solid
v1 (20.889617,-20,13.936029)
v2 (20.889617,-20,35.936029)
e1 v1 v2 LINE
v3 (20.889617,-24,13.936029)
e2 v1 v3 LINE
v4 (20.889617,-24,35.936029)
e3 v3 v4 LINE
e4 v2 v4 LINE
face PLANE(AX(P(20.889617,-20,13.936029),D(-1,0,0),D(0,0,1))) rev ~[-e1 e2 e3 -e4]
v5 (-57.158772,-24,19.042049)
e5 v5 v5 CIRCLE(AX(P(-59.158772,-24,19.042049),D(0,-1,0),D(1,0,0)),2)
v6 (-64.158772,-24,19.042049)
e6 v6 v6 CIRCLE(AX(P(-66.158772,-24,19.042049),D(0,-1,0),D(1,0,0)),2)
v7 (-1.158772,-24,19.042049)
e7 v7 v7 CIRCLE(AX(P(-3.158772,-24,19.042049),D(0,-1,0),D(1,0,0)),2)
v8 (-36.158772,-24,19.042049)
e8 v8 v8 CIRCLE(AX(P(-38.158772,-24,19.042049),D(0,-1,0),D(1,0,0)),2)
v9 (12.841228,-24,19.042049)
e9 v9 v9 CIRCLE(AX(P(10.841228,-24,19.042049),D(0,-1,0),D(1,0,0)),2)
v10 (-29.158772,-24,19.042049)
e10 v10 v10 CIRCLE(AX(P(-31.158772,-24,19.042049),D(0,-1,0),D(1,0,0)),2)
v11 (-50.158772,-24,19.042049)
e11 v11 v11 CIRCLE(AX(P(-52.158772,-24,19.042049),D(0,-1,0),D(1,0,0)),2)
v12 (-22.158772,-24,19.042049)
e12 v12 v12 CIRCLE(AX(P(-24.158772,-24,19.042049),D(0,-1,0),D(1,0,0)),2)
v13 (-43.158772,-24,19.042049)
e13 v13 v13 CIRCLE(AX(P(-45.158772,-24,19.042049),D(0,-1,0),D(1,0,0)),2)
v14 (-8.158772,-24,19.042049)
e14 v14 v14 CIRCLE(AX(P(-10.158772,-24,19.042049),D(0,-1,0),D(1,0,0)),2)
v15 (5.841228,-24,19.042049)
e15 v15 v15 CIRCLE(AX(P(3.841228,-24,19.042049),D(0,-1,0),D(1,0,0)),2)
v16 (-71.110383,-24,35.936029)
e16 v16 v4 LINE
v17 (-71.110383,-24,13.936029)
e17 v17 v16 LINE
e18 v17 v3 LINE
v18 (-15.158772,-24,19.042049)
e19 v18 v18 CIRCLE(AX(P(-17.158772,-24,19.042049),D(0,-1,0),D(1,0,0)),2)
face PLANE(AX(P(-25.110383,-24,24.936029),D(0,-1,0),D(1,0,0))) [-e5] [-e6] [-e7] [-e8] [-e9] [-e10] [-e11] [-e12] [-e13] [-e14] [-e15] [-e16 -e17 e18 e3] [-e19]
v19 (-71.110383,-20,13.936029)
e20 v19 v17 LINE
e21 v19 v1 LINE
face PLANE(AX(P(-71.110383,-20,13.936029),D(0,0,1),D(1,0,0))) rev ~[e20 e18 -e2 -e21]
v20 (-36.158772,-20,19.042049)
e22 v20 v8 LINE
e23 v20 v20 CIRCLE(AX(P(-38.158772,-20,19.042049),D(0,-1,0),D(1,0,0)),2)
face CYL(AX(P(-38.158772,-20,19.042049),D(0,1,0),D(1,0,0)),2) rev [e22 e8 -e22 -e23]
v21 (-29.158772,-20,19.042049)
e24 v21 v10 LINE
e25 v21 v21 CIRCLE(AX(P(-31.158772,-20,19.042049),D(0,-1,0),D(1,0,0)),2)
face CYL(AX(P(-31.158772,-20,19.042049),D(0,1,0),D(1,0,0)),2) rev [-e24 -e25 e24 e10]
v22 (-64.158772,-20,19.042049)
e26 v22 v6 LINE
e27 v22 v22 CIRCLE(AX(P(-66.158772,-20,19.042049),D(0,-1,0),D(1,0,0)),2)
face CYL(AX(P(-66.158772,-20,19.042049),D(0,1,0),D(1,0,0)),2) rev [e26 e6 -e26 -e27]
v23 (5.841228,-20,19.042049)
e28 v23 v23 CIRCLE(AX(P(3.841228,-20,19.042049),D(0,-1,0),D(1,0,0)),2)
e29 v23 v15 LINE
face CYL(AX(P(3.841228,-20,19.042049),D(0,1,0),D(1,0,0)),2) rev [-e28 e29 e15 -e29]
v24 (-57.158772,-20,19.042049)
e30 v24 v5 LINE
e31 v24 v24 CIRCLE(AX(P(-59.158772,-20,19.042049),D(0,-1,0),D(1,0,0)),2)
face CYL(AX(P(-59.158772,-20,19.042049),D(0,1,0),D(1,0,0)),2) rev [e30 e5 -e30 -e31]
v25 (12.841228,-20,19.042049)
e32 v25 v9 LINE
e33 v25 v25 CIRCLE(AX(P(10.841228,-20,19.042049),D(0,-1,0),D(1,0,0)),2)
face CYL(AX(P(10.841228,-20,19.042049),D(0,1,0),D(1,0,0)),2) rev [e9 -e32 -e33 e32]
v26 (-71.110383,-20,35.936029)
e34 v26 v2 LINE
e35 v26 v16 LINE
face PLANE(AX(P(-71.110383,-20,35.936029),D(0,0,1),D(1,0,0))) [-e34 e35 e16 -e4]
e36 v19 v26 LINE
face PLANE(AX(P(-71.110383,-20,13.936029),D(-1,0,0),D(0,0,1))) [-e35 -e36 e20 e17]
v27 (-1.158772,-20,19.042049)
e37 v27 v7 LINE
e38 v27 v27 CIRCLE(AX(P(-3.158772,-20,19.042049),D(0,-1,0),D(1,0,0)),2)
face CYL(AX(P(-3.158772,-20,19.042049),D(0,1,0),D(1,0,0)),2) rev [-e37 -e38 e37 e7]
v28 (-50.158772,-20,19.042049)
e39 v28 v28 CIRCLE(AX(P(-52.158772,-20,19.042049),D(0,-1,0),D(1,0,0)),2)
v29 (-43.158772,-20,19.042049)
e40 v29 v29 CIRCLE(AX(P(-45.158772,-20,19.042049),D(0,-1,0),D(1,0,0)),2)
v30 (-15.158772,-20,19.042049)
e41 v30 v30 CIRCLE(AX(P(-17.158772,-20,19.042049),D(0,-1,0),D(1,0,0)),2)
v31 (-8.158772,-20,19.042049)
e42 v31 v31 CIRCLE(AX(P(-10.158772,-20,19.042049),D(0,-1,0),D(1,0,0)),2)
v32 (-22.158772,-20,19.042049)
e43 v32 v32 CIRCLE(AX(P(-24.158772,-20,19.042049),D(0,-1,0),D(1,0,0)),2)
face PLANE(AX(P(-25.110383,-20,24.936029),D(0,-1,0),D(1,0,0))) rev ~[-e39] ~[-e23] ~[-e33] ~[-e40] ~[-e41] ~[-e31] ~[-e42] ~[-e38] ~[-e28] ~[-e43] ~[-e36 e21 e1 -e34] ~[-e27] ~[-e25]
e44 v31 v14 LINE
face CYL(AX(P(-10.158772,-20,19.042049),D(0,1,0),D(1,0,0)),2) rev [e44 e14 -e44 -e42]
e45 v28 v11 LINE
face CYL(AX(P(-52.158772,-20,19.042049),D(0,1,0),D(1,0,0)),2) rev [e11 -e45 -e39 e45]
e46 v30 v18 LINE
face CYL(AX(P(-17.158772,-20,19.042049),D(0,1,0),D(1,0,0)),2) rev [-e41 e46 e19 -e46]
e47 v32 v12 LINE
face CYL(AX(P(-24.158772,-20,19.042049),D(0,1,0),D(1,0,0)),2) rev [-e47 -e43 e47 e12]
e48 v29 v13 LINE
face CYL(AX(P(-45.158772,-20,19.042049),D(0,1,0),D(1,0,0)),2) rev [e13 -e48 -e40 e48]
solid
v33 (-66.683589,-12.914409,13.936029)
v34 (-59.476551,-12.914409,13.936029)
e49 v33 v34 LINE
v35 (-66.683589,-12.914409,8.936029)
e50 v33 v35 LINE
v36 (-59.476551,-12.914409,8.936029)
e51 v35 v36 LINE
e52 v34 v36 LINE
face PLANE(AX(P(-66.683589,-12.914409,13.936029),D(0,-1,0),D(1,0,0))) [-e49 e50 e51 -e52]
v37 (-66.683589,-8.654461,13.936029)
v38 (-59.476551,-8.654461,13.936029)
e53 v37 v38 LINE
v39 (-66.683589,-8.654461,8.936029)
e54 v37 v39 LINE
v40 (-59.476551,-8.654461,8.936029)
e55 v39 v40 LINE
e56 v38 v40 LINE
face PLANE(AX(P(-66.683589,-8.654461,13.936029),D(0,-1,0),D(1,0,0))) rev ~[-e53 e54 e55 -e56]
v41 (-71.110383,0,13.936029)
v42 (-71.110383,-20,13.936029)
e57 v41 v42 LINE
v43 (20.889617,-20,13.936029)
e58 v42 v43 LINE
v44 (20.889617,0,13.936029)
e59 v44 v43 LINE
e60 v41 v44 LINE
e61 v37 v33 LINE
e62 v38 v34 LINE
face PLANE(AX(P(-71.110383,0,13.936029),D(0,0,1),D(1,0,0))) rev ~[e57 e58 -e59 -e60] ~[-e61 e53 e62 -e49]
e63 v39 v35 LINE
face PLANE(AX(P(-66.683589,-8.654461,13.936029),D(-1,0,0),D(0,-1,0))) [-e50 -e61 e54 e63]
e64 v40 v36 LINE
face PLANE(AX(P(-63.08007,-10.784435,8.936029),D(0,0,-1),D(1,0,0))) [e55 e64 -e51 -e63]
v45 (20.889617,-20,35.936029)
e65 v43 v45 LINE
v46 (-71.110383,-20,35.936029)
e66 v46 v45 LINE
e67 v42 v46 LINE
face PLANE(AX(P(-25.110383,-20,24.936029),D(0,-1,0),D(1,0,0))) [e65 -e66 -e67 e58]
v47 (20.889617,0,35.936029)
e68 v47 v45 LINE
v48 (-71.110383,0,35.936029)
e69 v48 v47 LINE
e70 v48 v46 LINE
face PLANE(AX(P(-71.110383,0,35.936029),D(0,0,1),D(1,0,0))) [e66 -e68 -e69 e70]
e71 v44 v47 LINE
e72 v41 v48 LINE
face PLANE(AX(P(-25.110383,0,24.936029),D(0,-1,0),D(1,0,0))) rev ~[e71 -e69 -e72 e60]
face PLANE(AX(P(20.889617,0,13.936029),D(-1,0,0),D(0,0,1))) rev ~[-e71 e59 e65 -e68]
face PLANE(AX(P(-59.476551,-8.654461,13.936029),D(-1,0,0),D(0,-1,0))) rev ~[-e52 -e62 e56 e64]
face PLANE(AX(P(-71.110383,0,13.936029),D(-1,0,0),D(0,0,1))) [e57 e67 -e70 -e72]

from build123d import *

# Parameters (mm, degrees)
F0_W     = 92
F0_H     = 22
F1_DEPTH = 20
F2_W     = 92
F2_H     = 22
F2_R     = 2
F3_DEPTH = 4
F4_W     = 7.207039
F4_H     = 4.259948
F5_DEPTH = 5


with BuildPart() as f1:
    # F0 (on Front) → F1 (new body)
    with BuildSketch(Plane.XZ):
        with Locations((-25.110383, 24.936029)):
            Rectangle(F0_W, F0_H)
    extrude(amount=F1_DEPTH)

    # F4 (on face) → F5 (join)
    with BuildSketch(Plane(origin=(0, 0, 13.936029), x_dir=(1, 0, 0), z_dir=(0, 0, -1))):
        with Locations((-63.08007, 10.784435)):
            Rectangle(F4_W, F4_H)
    extrude(amount=F5_DEPTH)


with BuildPart() as f3:
    # F2 (on face) → F3 (new body)
    with BuildSketch(Plane.XZ.offset(20)):
        with Locations((-25.110383, 24.936029)):
            Rectangle(F2_W, F2_H)
        with Locations((-66.158772, 19.042049)):
            Circle(F2_R, mode=Mode.SUBTRACT)
        with Locations((-59.158772, 19.042049)):
            Circle(F2_R, mode=Mode.SUBTRACT)
        with Locations((-52.158772, 19.042049)):
            Circle(F2_R, mode=Mode.SUBTRACT)
        with Locations((-45.158772, 19.042049)):
            Circle(F2_R, mode=Mode.SUBTRACT)
        with Locations((-38.158772, 19.042049)):
            Circle(F2_R, mode=Mode.SUBTRACT)
        with Locations((-31.158772, 19.042049)):
            Circle(F2_R, mode=Mode.SUBTRACT)
        with Locations((-24.158772, 19.042049)):
            Circle(F2_R, mode=Mode.SUBTRACT)
        with Locations((-17.158772, 19.042049)):
            Circle(F2_R, mode=Mode.SUBTRACT)
        with Locations((-10.158772, 19.042049)):
            Circle(F2_R, mode=Mode.SUBTRACT)
        with Locations((-3.158772, 19.042049)):
            Circle(F2_R, mode=Mode.SUBTRACT)
        with Locations((3.841228, 19.042049)):
            Circle(F2_R, mode=Mode.SUBTRACT)
        with Locations((10.841228, 19.042049)):
            Circle(F2_R, mode=Mode.SUBTRACT)
    extrude(amount=F3_DEPTH)


solid = Compound([f1.part, f3.part])
